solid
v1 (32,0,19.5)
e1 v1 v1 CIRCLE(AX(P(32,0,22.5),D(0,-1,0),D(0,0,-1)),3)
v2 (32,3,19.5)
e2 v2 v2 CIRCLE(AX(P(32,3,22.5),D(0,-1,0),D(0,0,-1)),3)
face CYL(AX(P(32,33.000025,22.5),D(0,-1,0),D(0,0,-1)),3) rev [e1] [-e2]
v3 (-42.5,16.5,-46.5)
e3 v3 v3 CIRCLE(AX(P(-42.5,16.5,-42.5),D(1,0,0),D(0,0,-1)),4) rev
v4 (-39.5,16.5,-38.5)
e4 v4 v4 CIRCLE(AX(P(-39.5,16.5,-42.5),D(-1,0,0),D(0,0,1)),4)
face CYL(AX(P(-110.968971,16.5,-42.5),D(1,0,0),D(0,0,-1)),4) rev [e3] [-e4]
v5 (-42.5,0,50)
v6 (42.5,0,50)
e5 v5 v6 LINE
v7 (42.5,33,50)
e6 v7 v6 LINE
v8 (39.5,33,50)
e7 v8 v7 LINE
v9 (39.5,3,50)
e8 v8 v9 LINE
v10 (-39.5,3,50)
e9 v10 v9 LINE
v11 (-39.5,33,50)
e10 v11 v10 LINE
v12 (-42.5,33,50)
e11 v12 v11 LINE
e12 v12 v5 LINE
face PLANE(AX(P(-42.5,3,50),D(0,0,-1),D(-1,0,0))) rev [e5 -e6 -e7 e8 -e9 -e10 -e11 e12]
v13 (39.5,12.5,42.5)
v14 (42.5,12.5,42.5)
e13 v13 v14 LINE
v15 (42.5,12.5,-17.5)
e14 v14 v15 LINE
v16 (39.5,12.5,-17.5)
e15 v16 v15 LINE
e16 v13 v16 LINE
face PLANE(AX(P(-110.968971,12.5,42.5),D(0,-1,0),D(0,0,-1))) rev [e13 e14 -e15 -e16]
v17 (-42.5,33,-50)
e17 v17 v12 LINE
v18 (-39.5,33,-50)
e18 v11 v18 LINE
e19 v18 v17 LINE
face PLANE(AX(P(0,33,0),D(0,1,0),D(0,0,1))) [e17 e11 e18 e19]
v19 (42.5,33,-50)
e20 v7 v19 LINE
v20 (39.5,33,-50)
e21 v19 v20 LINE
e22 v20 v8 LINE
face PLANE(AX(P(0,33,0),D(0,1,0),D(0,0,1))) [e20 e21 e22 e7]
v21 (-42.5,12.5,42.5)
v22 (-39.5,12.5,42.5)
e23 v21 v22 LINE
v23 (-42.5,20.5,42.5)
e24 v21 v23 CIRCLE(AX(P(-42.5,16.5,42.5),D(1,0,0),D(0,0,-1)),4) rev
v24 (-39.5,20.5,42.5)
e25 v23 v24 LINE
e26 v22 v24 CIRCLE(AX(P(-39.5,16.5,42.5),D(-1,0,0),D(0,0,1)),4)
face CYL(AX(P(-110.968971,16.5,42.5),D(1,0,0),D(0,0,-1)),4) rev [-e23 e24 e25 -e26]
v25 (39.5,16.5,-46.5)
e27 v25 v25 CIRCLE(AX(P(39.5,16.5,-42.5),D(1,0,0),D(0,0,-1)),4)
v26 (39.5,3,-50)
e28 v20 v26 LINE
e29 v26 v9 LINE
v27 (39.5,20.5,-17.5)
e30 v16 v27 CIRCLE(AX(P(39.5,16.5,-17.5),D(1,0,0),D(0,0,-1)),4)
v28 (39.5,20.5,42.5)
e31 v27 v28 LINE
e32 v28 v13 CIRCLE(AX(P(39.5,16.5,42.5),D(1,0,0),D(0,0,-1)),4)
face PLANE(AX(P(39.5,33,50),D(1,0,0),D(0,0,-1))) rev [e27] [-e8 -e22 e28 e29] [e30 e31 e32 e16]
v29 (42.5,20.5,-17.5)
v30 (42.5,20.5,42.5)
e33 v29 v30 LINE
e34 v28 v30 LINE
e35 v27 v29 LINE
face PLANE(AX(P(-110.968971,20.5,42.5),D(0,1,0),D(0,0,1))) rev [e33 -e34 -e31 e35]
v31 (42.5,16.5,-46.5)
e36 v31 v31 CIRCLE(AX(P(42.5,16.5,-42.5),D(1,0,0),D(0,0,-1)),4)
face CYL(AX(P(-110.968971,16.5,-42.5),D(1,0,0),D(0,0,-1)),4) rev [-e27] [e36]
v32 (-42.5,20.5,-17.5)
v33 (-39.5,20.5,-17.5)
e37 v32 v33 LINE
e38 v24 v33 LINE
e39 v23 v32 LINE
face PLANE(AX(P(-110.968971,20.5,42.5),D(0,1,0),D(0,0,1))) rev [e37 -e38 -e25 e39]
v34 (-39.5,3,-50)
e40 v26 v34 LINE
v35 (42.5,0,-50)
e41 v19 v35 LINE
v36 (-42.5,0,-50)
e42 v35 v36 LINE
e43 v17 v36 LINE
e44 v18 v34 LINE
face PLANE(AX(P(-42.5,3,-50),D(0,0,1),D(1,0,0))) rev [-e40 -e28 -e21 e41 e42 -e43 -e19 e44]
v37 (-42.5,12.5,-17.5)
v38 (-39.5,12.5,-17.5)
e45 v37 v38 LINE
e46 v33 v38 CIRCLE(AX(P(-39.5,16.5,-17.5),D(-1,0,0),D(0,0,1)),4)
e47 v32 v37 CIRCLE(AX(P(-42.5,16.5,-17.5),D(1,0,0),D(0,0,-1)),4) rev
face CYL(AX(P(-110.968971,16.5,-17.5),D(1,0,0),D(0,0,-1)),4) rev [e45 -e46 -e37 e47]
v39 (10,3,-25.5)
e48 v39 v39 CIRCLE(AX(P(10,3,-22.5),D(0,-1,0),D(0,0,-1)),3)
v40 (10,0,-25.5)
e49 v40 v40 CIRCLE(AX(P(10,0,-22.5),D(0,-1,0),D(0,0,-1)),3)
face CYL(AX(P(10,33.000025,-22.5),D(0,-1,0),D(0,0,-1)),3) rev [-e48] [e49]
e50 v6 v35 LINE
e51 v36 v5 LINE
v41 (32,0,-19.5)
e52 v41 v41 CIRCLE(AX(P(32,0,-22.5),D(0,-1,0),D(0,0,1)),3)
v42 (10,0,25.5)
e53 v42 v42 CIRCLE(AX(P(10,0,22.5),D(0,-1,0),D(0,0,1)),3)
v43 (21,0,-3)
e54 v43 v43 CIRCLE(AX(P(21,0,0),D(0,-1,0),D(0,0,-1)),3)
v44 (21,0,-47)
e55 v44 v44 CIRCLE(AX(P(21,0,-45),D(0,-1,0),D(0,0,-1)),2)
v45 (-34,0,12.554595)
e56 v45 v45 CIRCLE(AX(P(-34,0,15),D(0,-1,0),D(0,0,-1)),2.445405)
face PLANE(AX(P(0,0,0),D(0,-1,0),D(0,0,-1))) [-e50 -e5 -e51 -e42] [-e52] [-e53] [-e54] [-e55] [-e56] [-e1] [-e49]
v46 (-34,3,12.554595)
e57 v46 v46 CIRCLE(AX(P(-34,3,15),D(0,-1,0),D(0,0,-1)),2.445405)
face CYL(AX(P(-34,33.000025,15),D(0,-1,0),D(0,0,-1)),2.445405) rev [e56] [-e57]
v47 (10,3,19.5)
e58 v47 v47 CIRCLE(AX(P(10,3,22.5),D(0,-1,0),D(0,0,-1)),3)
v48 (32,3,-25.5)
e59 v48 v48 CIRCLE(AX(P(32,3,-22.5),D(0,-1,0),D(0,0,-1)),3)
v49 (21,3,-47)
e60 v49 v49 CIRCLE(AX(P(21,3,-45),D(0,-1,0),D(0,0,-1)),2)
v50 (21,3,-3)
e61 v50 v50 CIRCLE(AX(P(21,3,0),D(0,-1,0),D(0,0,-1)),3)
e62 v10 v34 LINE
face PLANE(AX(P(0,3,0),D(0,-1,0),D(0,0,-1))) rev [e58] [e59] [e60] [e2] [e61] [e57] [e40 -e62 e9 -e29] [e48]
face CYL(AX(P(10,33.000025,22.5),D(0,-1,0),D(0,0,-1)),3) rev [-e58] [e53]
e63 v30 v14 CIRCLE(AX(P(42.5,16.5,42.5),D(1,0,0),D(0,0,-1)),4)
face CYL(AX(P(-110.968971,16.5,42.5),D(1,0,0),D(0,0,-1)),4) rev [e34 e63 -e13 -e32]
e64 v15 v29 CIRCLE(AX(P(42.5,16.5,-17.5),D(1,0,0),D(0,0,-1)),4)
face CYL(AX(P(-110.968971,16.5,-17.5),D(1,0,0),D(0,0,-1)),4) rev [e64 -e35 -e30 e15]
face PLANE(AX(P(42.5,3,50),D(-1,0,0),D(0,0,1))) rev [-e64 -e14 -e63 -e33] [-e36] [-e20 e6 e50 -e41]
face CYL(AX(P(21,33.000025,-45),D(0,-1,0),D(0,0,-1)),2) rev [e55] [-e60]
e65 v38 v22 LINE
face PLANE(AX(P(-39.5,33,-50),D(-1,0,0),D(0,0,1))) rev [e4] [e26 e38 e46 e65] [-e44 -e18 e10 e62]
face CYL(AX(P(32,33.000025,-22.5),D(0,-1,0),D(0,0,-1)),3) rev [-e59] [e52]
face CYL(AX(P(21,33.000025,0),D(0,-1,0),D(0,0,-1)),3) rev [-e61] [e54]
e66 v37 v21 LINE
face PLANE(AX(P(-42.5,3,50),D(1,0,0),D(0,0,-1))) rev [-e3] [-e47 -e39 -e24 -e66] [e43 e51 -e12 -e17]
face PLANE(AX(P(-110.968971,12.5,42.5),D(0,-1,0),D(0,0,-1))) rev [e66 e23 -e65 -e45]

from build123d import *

# Parameters (mm, degrees)
SKETCH_1_W          = 85
SKETCH_1_H          = 100
EXTRUDE_1_DEPTH     = 3
SKETCH_2_W          = 3
SKETCH_2_H          = 100
EXTRUDE_2_DEPTH     = 30
CUT_EXTRUDE_1_REACH = 105.99
SKETCH_3_R          = 4
SKETCH_4_R          = 3
SKETCH_4_R_2        = 2
SKETCH_4_R_3        = 2.445405454
CUT_EXTRUDE_3_DEPTH = 74.452365517


with BuildPart() as part:
    # 草图1 → 凸台-拉伸1 (new body)
    with BuildSketch(Plane(origin=(0, 0, 0), x_dir=(1, 0, 0), z_dir=(0, 1, 0))):
        Rectangle(SKETCH_1_W, SKETCH_1_H)
    extrude(amount=EXTRUDE_1_DEPTH)

    # 草图2 → 凸台-拉伸2 (add)
    with BuildSketch(Plane(origin=(0, 3, 0), x_dir=(1, 0, 0), z_dir=(0, 1, 0))):
        with Locations((-41, 0)):
            Rectangle(SKETCH_2_W, SKETCH_2_H)
        with Locations((41, 0)):
            Rectangle(SKETCH_2_W, SKETCH_2_H)
    extrude(amount=EXTRUDE_2_DEPTH)

    # 切除-拉伸1: up to this face of the body (flat: up to its plane)
    cut_extrude_1_end = Plane(part.part.faces().sort_by_distance((-42.5, 16.5, 0))[0])
    # 草图3 → 切除-拉伸1 (cut, up to the picked face)
    with BuildSketch(Plane(origin=(42.5, 0, 0), x_dir=(0, 0, -1), z_dir=(1, 0, 0)), mode=Mode.PRIVATE) as cut_extrude_1_sk1:
        with Locations((42.5, 16.5)):
            Circle(SKETCH_3_R)
    cut_extrude_1_tool1 = split(extrude(cut_extrude_1_sk1.sketch, amount=-CUT_EXTRUDE_1_REACH, mode=Mode.PRIVATE), bisect_by=cut_extrude_1_end, keep=Keep.BOTH, mode=Mode.PRIVATE)
    # 草图3 → 切除-拉伸1 (cut, up to the picked face)
    with BuildSketch(Plane(origin=(42.5, 0, 0), x_dir=(0, 0, -1), z_dir=(1, 0, 0)), mode=Mode.PRIVATE) as cut_extrude_1_sk2:
        with BuildLine():
            Line((-42.5, 12.5), (17.5, 12.5))
            ThreePointArc((17.5, 12.5), (21.5, 16.5), (17.5, 20.5))
            Line((17.5, 20.5), (-42.5, 20.5))
            ThreePointArc((-42.5, 20.5), (-46.5, 16.5), (-42.5, 12.5))
        make_face()
    cut_extrude_1_tool2 = split(extrude(cut_extrude_1_sk2.sketch, amount=-CUT_EXTRUDE_1_REACH, mode=Mode.PRIVATE), bisect_by=cut_extrude_1_end, keep=Keep.BOTH, mode=Mode.PRIVATE)
    add(cut_extrude_1_tool1.solids().sort_by(Axis((42.5, 16.5, -42.5), (-1, 0, 0)))[0], mode=Mode.SUBTRACT)
    add(cut_extrude_1_tool2.solids().sort_by(Axis((42.5, 16.5, 12.5), (-1, 0, 0)))[0], mode=Mode.SUBTRACT)

    # 草图4 → 切除-拉伸3 (cut, through all)
    with BuildSketch(Plane.XZ):
        with Locations(Location((21, 0, 0), (0, 0, 270))):
            Circle(SKETCH_4_R)
        with Locations(Location((10, -22.5, 0), (0, 0, 270))):
            Circle(SKETCH_4_R)
        with Locations(Location((32, -22.5, 0), (0, 0, 270))):
            Circle(SKETCH_4_R)
        with Locations(Location((10, 22.5, 0), (0, 0, 270))):
            Circle(SKETCH_4_R)
        with Locations(Location((32, 22.5, 0), (0, 0, 270))):
            Circle(SKETCH_4_R)
        with Locations(Location((21, -45, 0), (0, 0, 270))):
            Circle(SKETCH_4_R_2)
        with Locations(Location((-34, 15, 0), (0, 0, 270))):
            Circle(SKETCH_4_R_3)
    extrude(amount=-CUT_EXTRUDE_3_DEPTH, mode=Mode.SUBTRACT)


solid = part.part
